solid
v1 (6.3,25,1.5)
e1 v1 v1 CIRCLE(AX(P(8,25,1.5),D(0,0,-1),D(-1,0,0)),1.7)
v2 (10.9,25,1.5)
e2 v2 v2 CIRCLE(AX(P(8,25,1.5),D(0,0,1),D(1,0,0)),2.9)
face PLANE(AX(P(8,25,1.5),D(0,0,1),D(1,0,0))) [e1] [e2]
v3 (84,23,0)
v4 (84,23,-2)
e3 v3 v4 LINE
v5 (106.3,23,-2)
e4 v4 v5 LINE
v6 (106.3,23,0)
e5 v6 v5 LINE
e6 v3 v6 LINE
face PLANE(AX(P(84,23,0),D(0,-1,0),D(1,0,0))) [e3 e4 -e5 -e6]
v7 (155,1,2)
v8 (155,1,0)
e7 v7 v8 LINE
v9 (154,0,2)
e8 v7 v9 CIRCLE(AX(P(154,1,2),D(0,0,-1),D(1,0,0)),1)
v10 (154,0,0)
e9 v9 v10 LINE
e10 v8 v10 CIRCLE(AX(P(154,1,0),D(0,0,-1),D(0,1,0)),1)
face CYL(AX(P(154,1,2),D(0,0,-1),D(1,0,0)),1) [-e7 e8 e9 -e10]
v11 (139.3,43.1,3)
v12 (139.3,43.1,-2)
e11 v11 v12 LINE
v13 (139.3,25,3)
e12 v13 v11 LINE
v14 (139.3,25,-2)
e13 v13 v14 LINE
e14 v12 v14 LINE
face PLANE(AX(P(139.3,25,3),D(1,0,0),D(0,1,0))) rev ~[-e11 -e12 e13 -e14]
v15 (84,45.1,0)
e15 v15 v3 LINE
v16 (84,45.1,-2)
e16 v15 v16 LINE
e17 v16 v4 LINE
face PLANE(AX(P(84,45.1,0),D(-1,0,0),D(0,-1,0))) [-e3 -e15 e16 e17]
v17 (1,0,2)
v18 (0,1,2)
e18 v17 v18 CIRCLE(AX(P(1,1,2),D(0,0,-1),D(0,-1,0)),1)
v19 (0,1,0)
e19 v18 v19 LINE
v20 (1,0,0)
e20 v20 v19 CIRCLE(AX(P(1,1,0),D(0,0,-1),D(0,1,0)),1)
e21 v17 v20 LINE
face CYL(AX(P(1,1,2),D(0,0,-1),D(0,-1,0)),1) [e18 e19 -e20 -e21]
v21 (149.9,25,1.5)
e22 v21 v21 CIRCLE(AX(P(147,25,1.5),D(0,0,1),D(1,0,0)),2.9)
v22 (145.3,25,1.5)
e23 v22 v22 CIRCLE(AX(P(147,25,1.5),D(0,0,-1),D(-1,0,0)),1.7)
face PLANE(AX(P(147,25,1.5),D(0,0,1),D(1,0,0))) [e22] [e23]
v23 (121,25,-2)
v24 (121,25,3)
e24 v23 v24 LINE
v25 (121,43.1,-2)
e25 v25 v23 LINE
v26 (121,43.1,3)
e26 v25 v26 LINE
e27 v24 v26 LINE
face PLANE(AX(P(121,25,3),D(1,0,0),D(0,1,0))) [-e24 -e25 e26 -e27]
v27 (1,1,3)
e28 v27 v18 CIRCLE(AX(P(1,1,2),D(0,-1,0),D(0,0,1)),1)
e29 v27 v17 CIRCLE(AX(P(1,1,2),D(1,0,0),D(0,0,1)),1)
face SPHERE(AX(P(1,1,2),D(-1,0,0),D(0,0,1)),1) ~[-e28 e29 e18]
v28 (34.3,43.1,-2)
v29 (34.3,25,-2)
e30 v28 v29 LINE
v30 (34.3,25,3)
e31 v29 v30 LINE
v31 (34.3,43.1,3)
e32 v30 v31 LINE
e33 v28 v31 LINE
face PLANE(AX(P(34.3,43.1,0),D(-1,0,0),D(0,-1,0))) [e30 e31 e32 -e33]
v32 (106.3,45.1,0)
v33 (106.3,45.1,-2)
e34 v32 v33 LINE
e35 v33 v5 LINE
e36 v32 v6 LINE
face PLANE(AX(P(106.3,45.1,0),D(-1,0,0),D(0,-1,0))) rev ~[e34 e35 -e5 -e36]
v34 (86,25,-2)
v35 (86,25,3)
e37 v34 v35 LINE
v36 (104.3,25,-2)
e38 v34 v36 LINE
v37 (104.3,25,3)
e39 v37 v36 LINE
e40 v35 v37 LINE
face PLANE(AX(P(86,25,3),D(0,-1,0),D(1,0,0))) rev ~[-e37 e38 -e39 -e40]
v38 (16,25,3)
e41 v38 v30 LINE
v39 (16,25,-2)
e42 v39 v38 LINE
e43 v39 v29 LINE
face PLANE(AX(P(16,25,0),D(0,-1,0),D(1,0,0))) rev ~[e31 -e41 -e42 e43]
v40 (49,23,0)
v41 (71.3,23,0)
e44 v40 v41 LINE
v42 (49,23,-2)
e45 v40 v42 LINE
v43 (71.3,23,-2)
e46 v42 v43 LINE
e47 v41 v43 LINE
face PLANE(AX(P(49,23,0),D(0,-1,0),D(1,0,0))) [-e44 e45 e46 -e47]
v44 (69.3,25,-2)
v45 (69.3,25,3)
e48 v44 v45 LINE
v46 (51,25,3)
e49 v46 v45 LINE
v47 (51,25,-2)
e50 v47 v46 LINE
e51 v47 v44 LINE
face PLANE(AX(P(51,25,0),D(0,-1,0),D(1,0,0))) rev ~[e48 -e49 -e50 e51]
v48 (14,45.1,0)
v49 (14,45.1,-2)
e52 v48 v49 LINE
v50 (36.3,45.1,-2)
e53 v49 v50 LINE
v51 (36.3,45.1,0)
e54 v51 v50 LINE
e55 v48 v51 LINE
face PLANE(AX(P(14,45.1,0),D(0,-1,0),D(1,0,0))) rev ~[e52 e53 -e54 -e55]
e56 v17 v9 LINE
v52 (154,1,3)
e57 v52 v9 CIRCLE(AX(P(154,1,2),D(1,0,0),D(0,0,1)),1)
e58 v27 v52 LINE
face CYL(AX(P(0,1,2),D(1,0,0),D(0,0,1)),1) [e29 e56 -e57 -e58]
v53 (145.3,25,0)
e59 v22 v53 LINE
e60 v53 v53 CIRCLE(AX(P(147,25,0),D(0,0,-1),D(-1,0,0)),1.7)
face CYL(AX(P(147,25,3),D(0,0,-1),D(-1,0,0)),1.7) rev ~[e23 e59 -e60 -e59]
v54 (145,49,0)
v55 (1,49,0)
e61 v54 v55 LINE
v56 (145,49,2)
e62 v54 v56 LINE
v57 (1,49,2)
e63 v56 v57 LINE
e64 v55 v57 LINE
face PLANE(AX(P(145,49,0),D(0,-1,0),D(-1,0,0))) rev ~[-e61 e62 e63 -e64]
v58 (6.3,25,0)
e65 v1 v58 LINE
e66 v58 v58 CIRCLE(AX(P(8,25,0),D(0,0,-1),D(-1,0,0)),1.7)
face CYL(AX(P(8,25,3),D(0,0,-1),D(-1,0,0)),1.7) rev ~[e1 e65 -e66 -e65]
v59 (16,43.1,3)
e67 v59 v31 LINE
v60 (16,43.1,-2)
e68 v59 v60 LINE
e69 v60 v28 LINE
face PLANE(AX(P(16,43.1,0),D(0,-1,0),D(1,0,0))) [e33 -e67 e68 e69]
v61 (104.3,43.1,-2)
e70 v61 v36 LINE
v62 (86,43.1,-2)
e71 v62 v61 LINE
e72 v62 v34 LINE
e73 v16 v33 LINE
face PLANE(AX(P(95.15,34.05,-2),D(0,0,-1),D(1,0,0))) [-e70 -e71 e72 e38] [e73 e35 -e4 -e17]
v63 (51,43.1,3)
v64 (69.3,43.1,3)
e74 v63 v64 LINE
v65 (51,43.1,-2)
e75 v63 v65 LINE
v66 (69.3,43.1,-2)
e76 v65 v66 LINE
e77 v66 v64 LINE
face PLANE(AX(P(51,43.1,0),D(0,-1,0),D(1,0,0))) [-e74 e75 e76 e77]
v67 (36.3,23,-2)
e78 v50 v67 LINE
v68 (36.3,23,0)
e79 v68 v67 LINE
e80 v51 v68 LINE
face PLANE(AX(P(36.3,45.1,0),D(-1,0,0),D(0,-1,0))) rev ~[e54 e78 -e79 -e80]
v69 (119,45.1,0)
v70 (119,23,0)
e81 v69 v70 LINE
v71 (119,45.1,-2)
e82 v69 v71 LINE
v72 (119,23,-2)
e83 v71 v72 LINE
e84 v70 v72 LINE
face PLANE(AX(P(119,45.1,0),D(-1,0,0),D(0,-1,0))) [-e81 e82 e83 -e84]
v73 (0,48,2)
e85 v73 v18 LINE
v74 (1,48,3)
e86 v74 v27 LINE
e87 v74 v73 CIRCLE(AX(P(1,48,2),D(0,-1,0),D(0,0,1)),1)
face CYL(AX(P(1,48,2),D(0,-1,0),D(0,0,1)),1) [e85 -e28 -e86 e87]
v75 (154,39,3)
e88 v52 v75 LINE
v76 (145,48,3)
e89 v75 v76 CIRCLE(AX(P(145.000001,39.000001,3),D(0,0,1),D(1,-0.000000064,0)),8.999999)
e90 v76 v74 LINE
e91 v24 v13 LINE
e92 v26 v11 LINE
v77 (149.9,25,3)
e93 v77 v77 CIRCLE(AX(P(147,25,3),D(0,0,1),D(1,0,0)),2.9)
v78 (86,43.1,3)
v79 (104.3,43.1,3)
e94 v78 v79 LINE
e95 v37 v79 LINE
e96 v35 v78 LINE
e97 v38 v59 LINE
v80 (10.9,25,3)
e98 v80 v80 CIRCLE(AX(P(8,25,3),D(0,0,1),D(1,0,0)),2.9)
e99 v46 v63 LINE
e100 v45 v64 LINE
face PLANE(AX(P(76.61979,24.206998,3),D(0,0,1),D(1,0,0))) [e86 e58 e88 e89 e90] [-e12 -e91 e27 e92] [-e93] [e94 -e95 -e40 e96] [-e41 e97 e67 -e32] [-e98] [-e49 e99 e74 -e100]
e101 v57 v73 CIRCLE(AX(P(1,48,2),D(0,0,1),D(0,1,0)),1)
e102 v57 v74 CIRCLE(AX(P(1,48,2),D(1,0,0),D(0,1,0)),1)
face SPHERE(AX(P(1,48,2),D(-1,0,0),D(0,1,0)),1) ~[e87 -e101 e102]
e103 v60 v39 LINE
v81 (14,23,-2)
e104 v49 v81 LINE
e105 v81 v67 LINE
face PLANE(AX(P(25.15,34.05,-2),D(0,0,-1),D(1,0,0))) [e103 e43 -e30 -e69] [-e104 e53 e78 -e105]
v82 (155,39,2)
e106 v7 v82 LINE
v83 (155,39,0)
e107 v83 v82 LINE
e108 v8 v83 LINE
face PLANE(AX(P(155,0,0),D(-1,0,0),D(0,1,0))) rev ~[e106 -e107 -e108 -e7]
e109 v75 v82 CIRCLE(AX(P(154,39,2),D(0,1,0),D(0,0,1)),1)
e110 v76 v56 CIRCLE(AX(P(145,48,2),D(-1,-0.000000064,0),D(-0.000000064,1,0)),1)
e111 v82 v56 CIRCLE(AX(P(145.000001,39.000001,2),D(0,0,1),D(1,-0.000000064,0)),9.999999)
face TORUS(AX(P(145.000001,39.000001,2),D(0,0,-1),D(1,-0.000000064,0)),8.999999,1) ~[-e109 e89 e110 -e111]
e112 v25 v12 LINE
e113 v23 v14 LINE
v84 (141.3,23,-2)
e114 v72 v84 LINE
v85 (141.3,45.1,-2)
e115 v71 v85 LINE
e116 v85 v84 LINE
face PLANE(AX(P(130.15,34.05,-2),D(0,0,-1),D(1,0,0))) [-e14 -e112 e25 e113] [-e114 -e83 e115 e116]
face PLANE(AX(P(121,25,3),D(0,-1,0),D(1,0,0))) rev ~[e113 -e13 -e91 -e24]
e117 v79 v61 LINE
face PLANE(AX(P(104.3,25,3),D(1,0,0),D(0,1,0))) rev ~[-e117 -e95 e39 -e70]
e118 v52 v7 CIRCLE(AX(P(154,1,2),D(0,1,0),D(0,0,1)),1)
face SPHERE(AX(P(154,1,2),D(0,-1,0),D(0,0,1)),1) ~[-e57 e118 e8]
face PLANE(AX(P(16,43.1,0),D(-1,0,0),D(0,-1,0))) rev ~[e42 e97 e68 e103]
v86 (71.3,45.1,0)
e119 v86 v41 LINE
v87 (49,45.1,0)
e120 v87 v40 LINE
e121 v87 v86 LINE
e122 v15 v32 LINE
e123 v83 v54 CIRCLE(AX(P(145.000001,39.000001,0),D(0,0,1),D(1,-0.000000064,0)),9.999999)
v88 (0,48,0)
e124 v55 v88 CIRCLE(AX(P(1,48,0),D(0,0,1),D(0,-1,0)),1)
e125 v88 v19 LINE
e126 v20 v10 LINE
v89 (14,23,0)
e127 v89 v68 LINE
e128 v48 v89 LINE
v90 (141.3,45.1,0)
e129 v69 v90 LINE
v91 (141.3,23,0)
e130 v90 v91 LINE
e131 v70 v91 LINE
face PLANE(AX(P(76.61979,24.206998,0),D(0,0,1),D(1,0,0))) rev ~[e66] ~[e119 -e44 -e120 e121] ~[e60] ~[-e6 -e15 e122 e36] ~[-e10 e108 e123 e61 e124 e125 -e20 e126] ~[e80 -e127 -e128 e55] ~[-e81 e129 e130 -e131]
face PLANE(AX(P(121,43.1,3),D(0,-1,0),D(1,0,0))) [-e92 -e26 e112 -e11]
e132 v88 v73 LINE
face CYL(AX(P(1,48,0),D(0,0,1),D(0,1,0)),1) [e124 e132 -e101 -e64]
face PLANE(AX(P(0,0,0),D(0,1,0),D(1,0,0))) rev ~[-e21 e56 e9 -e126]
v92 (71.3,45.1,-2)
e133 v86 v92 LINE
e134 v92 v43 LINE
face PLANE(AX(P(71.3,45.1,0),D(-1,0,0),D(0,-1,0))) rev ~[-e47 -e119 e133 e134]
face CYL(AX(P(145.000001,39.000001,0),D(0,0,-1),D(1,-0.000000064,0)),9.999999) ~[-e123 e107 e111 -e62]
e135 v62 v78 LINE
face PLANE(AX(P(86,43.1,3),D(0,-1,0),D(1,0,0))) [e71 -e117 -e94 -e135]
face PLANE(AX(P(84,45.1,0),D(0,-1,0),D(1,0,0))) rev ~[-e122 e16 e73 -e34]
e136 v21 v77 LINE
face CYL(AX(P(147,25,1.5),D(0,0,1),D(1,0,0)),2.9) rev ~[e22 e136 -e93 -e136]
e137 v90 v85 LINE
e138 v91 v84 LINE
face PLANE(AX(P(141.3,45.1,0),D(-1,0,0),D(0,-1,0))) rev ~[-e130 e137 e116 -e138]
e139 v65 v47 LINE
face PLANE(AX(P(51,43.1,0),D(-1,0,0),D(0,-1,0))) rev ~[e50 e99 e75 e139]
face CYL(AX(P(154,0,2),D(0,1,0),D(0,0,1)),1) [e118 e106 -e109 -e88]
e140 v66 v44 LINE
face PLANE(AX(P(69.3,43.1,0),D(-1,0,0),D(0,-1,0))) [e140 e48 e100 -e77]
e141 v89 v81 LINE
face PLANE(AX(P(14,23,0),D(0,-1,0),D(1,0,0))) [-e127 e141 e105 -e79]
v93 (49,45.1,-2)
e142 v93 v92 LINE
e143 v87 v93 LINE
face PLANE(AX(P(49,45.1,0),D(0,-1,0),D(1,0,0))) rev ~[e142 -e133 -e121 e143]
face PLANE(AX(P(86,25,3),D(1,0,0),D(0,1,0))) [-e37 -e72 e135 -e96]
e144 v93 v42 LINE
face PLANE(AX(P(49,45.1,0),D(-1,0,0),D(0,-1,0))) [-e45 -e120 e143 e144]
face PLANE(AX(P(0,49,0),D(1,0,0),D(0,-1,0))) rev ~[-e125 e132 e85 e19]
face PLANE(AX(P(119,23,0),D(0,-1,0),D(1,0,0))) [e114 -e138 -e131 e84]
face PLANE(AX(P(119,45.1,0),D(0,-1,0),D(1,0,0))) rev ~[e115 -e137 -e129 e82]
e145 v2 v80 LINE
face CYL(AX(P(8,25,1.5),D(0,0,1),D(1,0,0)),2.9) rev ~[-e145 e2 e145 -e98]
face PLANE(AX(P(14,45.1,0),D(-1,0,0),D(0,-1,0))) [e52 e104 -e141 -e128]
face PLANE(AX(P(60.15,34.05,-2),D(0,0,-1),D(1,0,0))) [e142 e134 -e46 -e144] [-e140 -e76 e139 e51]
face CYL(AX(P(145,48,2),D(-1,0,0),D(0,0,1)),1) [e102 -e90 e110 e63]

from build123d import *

# Parameters (mm, degrees)
PAD_DEPTH              = 3
SKETCH001_W            = 18.3
SKETCH001_H            = 18.1
POCKET_DEPTH           = 3.001
LINEARPATTERN_COUNT    = 4
LINEARPATTERN_PITCH    = 35
HOLE_D                 = 3.4
HOLE_CBORE_D           = 5.8
HOLE_CBORE_DEPTH       = 1.5
SKETCH004_W            = 22.3
SKETCH004_H            = 22.1
SKETCH004_W_2          = 18.3
SKETCH004_H_2          = 18.1
PAD001_DEPTH           = 2
LINEARPATTERN001_COUNT = 4
LINEARPATTERN001_PITCH = 35
FILLET_R               = 1
FILLET001_R            = 1
FILLET002_R            = 1


with BuildPart() as part:
    # Sketch → Pad (new body)
    with BuildSketch(Plane.XY):
        with BuildLine():
            Line((145, 49), (0, 49))
            Line((0, 49), (0, 0))
            Line((0, 0), (155, 0))
            Line((155, 0), (155, 39))
            ThreePointArc((155, 39), (152.071068, 46.071068), (145, 49))
        make_face()
    extrude(amount=PAD_DEPTH)

    # Sketch001 (on Face7 of Pad) → Pocket (cut, through all)
    with BuildSketch(Plane.XY.offset(3)):
        with Locations((25.15, 34.05)):
            Rectangle(SKETCH001_W, SKETCH001_H)
    pocket = extrude(amount=-POCKET_DEPTH, mode=Mode.SUBTRACT)

    # LinearPattern: Pocket ×4
    with Locations(*[(i * LINEARPATTERN_PITCH, 0, 0) for i in range(1, LINEARPATTERN_COUNT)]):
        add(pocket, mode=Mode.SUBTRACT)

    # Hole (through all)
    with Locations(Plane.XY.offset(3)):
        with Locations((8, 25), (147, 25)):
            CounterBoreHole(HOLE_D / 2, HOLE_CBORE_D / 2, HOLE_CBORE_DEPTH)

    # Sketch004 (on Face4 of Hole) → Pad001 (join)
    with BuildSketch(Plane(origin=(0, 0, 0), x_dir=(1, 0, 0), z_dir=(0, 0, -1))):
        with Locations((25.15, -34.05)):
            Rectangle(SKETCH004_W, SKETCH004_H)
        with Locations((25.15, -34.05)):
            Rectangle(SKETCH004_W_2, SKETCH004_H_2, mode=Mode.SUBTRACT)
    pad001 = extrude(amount=PAD001_DEPTH)

    # LinearPattern001: Pad001 ×4
    with Locations(*[(i * LINEARPATTERN001_PITCH, 0, 0) for i in range(1, LINEARPATTERN001_COUNT)]):
        add(pad001)

    # Fillet
    fillet_edges = [part.edges().sort_by_distance(p)[0] for p in [
        (72.5, 49, 3),
    ]]
    fillet(fillet_edges, radius=FILLET_R)

    # Fillet001
    fillet001_edges = [part.edges().sort_by_distance(p)[0] for p in [
        (77, 0, 3),
    ]]
    fillet(fillet001_edges, radius=FILLET001_R)

    # Fillet002
    fillet002_edges = [part.edges().sort_by_distance(p)[0] for p in [
        (0, 24.5, 3),
    ]]
    fillet(fillet002_edges, radius=FILLET002_R)


solid = part.part
